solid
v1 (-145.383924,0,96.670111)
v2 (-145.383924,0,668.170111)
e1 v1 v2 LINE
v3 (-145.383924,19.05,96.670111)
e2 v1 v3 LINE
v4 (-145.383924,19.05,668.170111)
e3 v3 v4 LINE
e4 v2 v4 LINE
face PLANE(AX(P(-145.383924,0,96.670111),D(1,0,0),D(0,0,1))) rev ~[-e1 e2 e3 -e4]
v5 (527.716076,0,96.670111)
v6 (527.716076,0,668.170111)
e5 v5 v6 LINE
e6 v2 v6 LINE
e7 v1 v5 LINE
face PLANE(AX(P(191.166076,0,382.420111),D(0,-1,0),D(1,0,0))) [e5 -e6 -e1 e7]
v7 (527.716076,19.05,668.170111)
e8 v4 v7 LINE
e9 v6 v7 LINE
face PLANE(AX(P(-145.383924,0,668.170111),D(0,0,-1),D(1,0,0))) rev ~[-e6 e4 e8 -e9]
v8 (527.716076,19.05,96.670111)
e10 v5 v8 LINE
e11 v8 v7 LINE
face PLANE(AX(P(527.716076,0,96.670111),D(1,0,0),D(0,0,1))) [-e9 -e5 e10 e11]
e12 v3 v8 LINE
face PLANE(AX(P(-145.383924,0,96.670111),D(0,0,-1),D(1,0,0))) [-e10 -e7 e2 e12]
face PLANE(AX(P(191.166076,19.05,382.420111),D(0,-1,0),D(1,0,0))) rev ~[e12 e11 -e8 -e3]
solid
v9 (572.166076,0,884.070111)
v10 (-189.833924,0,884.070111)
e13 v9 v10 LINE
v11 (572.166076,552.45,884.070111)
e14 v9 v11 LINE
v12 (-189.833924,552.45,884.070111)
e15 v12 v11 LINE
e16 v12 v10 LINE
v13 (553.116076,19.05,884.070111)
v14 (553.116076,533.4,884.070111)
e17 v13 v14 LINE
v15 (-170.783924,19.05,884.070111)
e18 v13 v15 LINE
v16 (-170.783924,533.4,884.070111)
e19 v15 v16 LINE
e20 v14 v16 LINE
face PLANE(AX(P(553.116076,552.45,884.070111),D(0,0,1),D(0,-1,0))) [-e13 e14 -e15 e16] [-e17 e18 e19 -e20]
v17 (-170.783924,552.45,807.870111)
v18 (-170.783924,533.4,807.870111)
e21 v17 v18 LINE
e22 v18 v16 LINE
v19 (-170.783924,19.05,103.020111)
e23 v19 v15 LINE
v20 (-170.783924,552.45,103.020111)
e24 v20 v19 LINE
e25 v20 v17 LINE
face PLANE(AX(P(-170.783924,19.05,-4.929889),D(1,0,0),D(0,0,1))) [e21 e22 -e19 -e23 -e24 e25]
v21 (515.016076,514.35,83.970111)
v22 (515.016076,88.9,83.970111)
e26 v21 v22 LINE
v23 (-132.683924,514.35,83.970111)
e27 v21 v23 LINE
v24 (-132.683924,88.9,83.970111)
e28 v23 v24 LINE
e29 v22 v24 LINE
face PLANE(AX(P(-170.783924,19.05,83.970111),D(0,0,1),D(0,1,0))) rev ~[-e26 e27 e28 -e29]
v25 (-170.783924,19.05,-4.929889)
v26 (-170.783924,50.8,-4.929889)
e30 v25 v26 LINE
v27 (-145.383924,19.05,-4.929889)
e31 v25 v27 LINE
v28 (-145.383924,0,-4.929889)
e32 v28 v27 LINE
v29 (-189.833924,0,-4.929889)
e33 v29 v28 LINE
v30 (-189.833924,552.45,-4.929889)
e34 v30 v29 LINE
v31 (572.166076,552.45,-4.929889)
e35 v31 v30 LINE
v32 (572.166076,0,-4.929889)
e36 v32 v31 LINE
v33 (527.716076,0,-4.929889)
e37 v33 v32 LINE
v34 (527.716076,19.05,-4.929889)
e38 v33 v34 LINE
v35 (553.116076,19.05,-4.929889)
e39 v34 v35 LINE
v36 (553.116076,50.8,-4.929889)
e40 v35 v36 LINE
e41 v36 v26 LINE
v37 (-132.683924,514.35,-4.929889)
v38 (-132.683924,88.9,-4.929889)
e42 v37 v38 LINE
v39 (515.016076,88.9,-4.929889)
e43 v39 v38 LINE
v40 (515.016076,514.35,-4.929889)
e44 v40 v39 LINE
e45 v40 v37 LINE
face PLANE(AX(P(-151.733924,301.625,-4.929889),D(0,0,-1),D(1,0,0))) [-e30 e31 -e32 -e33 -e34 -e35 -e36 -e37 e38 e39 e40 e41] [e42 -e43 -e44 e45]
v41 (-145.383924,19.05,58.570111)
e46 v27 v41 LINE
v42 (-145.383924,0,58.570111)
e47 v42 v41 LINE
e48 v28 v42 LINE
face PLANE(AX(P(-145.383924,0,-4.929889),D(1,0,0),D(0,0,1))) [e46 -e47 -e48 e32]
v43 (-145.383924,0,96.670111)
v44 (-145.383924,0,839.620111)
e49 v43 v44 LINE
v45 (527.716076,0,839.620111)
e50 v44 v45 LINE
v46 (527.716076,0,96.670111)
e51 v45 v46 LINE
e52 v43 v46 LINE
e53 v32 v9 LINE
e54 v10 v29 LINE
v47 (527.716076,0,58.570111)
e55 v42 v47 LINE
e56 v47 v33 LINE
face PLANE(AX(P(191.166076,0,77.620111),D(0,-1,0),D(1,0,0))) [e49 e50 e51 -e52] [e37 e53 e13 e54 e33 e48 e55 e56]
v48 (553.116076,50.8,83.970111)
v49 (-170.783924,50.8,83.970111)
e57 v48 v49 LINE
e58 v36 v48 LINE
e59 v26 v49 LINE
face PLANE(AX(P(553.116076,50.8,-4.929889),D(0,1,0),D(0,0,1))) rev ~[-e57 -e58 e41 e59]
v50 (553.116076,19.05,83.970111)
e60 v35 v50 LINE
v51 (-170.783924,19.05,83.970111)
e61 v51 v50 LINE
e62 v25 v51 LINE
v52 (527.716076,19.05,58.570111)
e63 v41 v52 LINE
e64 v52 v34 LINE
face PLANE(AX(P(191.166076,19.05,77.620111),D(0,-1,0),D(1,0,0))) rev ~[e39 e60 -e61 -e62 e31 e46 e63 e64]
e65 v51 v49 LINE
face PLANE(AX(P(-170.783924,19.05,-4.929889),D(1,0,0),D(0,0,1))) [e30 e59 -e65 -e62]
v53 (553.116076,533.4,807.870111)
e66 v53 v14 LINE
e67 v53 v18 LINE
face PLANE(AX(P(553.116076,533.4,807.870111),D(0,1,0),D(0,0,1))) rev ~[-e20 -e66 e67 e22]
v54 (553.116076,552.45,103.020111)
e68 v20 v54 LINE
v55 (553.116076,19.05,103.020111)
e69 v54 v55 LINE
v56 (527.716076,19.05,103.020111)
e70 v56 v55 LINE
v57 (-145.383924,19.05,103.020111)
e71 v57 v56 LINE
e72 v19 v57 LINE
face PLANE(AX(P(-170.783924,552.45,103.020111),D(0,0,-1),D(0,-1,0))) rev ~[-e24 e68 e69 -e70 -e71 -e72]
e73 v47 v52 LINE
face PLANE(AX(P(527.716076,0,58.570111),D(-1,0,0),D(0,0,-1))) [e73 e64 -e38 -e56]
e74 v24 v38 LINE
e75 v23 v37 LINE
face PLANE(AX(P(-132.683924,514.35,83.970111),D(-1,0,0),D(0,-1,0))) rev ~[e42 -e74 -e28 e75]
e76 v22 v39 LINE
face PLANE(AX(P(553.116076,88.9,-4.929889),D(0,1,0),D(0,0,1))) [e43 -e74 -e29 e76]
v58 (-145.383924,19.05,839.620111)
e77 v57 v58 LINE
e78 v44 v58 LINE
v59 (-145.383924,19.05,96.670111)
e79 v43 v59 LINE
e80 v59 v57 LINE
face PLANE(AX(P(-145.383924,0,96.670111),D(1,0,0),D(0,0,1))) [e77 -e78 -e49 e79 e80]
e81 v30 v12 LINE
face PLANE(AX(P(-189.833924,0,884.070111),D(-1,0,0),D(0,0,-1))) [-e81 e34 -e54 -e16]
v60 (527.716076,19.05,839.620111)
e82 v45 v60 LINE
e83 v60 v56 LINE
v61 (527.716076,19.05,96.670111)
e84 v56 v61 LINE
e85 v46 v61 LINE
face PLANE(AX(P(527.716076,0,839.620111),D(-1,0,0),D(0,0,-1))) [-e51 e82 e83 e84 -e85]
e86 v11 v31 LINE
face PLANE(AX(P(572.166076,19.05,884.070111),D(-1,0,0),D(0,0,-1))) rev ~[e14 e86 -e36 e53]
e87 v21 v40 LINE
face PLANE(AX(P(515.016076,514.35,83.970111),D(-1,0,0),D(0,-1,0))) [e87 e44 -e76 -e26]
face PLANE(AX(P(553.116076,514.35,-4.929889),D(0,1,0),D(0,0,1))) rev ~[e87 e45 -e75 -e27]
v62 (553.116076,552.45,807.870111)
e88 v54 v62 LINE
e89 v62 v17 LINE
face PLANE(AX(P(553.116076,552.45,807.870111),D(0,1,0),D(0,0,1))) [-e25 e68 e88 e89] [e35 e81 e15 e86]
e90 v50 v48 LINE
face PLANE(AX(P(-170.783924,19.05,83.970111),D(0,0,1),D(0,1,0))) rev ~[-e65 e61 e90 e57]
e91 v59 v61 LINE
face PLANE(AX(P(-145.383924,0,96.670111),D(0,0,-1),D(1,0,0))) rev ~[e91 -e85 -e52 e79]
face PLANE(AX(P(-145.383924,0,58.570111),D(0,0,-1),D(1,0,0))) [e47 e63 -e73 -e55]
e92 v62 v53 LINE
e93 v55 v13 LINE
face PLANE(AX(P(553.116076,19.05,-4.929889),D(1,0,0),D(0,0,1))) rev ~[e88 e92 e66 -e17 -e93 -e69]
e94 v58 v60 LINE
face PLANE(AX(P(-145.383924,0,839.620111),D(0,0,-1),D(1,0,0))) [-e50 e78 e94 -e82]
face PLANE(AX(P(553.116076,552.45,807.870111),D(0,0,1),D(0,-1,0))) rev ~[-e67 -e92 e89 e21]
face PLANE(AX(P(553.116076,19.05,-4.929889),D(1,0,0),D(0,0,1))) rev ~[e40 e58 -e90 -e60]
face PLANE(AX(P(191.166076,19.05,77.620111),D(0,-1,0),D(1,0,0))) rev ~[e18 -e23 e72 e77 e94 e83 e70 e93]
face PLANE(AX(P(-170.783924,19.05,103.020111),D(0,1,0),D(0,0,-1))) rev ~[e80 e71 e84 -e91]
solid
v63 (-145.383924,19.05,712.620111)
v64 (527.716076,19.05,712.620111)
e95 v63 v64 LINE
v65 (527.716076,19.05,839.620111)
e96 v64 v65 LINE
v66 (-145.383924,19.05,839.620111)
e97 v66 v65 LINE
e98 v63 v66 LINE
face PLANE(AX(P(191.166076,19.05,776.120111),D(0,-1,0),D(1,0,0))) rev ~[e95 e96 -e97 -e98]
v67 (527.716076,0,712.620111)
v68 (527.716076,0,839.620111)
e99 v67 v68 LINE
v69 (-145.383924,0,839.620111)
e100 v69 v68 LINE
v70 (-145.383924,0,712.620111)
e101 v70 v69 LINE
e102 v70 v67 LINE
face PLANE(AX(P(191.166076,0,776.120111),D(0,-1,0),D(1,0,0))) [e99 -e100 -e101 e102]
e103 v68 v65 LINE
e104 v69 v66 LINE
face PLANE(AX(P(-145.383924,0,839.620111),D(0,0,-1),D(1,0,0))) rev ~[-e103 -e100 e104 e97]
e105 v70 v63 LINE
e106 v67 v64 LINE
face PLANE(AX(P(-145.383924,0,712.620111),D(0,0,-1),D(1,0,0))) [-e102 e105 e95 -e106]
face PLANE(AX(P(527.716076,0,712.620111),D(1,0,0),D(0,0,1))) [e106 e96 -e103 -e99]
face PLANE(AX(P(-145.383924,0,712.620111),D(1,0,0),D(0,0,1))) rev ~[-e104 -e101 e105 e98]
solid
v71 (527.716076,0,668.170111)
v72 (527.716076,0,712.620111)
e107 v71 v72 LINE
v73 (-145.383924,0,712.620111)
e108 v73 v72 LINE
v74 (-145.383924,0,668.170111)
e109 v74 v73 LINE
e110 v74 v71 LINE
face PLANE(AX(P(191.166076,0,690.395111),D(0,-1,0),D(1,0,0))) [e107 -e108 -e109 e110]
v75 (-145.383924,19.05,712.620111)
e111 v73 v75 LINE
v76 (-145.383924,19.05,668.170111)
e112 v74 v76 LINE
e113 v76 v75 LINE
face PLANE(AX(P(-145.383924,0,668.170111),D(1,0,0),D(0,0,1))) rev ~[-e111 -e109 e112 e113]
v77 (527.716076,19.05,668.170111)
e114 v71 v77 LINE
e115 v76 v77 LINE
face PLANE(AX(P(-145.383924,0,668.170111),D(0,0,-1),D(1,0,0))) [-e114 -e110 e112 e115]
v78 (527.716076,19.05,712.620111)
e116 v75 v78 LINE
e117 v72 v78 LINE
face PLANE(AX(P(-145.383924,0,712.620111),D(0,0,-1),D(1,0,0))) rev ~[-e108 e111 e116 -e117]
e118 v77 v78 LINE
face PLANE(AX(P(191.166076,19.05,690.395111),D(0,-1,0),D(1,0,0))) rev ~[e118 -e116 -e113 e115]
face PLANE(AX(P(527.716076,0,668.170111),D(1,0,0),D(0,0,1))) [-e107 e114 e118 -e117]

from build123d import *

# Parameters (mm, degrees)
F0_W      = 673.1
F0_H      = 38.1
F0_H_2    = 44.45
F1_DEPTH  = 19.05
F2_W      = 19.05
F2_H      = 889
F3_DEPTH  = 533.4
F4_W      = 38.1
F4_H      = 88.9
F5_DEPTH  = 723.9
F7_DEPTH  = 723.9
F8_W      = 38.1
F8_H      = 425.45
F9_DEPTH  = 88.9
F11_W     = 19.05
F11_H     = 76.2
F12_DEPTH = 723.9
F13_DEPTH = 19.05
F0_H_3    = 127
F0_H_4    = 571.5
F14_DEPTH = 19.05


with BuildPart() as f1:
    # F0 (on Front) → F1 (new body)
    with BuildSketch(Plane.XZ):
        with Locations((191.166076, 77.620111)):
            Rectangle(F0_W, F0_H)
        Polygon((-145.383924, 884.070111), (-189.833924, 884.070111), (-189.833924, -4.929889), (-145.383924, -4.929889), (-145.383924, 58.570111), (-145.383924, 96.670111), (-145.383924, 668.170111), (-145.383924, 712.620111), (-145.383924, 839.620111), align=None)
        with Locations((191.166076, 861.845111)):
            Rectangle(F0_W, F0_H_2)
        Polygon((572.166076, 884.070111), (527.716076, 884.070111), (527.716076, 839.620111), (527.716076, 712.620111), (527.716076, 668.170111), (527.716076, 96.670111), (527.716076, 58.570111), (527.716076, -4.929889), (572.166076, -4.929889), align=None)
    extrude(amount=-F1_DEPTH)

    # F2 (on face) → F3 (join)
    with BuildSketch(Plane(origin=(0, 19.05, 0), x_dir=(-1, 0, 0), z_dir=(0, 1, 0))):
        Polygon((-553.116076, 884.070111), (-572.166076, 884.070111), (-572.166076, -4.929889), (-553.116076, -4.929889), (-553.116076, 83.970111), align=None)
        with Locations((180.308924, 439.570111)):
            Rectangle(F2_W, F2_H)
    extrude(amount=F3_DEPTH)

    # F4 (on face) → F5 (join, through all)
    with BuildSketch(Plane(origin=(553.116076, 0, 0), x_dir=(0, -1, 0), z_dir=(-1, 0, 0))):
        with Locations((-533.4, 39.520111)):
            Rectangle(F4_W, F4_H)
        with Locations((-69.85, 39.520111)):
            Rectangle(F4_W, F4_H)
    extrude(amount=F5_DEPTH)

    # F6 (on face) → F7 (join, through all)
    with BuildSketch(Plane.YZ.offset(-170.783924)):
        Polygon((552.45, 103.020111), (19.05, 103.020111), (19.05, 83.970111), (50.8, 83.970111), (88.9, 83.970111), (514.35, 83.970111), (552.45, 83.970111), align=None)
    extrude(amount=F7_DEPTH)

    # F8 (on face) → F9 (join)
    with BuildSketch(Plane(origin=(0, 0, 83.970111), x_dir=(1, 0, 0), z_dir=(0, 0, -1))):
        with Locations((-151.733924, -301.625)):
            Rectangle(F8_W, F8_H)
        with Locations((534.066076, -301.625)):
            Rectangle(F8_W, F8_H)
    extrude(amount=F9_DEPTH)

    # F11 (on face) → F12 (join, through all)
    with BuildSketch(Plane(origin=(553.116076, 0, 0), x_dir=(0, -1, 0), z_dir=(-1, 0, 0))):
        with Locations((-542.925, 845.970111)):
            Rectangle(F11_W, F11_H)
    extrude(amount=F12_DEPTH)


with BuildPart() as f13:
    # F0 (on Front) → F13 (new body)
    with BuildSketch(Plane.XZ):
        with Locations((191.166076, 690.395111)):
            Rectangle(F0_W, F0_H_2)
    extrude(amount=-F13_DEPTH)


with BuildPart() as f14:
    # F0 (on Front) → F14 (new body)
    with BuildSketch(Plane.XZ):
        with Locations((191.166076, 776.120111)):
            Rectangle(F0_W, F0_H_3)
        with Locations((191.166076, 382.420111)):
            Rectangle(F0_W, F0_H_4)
    extrude(amount=-F14_DEPTH)


solid = Compound([f1.part, f13.part, f14.part])
